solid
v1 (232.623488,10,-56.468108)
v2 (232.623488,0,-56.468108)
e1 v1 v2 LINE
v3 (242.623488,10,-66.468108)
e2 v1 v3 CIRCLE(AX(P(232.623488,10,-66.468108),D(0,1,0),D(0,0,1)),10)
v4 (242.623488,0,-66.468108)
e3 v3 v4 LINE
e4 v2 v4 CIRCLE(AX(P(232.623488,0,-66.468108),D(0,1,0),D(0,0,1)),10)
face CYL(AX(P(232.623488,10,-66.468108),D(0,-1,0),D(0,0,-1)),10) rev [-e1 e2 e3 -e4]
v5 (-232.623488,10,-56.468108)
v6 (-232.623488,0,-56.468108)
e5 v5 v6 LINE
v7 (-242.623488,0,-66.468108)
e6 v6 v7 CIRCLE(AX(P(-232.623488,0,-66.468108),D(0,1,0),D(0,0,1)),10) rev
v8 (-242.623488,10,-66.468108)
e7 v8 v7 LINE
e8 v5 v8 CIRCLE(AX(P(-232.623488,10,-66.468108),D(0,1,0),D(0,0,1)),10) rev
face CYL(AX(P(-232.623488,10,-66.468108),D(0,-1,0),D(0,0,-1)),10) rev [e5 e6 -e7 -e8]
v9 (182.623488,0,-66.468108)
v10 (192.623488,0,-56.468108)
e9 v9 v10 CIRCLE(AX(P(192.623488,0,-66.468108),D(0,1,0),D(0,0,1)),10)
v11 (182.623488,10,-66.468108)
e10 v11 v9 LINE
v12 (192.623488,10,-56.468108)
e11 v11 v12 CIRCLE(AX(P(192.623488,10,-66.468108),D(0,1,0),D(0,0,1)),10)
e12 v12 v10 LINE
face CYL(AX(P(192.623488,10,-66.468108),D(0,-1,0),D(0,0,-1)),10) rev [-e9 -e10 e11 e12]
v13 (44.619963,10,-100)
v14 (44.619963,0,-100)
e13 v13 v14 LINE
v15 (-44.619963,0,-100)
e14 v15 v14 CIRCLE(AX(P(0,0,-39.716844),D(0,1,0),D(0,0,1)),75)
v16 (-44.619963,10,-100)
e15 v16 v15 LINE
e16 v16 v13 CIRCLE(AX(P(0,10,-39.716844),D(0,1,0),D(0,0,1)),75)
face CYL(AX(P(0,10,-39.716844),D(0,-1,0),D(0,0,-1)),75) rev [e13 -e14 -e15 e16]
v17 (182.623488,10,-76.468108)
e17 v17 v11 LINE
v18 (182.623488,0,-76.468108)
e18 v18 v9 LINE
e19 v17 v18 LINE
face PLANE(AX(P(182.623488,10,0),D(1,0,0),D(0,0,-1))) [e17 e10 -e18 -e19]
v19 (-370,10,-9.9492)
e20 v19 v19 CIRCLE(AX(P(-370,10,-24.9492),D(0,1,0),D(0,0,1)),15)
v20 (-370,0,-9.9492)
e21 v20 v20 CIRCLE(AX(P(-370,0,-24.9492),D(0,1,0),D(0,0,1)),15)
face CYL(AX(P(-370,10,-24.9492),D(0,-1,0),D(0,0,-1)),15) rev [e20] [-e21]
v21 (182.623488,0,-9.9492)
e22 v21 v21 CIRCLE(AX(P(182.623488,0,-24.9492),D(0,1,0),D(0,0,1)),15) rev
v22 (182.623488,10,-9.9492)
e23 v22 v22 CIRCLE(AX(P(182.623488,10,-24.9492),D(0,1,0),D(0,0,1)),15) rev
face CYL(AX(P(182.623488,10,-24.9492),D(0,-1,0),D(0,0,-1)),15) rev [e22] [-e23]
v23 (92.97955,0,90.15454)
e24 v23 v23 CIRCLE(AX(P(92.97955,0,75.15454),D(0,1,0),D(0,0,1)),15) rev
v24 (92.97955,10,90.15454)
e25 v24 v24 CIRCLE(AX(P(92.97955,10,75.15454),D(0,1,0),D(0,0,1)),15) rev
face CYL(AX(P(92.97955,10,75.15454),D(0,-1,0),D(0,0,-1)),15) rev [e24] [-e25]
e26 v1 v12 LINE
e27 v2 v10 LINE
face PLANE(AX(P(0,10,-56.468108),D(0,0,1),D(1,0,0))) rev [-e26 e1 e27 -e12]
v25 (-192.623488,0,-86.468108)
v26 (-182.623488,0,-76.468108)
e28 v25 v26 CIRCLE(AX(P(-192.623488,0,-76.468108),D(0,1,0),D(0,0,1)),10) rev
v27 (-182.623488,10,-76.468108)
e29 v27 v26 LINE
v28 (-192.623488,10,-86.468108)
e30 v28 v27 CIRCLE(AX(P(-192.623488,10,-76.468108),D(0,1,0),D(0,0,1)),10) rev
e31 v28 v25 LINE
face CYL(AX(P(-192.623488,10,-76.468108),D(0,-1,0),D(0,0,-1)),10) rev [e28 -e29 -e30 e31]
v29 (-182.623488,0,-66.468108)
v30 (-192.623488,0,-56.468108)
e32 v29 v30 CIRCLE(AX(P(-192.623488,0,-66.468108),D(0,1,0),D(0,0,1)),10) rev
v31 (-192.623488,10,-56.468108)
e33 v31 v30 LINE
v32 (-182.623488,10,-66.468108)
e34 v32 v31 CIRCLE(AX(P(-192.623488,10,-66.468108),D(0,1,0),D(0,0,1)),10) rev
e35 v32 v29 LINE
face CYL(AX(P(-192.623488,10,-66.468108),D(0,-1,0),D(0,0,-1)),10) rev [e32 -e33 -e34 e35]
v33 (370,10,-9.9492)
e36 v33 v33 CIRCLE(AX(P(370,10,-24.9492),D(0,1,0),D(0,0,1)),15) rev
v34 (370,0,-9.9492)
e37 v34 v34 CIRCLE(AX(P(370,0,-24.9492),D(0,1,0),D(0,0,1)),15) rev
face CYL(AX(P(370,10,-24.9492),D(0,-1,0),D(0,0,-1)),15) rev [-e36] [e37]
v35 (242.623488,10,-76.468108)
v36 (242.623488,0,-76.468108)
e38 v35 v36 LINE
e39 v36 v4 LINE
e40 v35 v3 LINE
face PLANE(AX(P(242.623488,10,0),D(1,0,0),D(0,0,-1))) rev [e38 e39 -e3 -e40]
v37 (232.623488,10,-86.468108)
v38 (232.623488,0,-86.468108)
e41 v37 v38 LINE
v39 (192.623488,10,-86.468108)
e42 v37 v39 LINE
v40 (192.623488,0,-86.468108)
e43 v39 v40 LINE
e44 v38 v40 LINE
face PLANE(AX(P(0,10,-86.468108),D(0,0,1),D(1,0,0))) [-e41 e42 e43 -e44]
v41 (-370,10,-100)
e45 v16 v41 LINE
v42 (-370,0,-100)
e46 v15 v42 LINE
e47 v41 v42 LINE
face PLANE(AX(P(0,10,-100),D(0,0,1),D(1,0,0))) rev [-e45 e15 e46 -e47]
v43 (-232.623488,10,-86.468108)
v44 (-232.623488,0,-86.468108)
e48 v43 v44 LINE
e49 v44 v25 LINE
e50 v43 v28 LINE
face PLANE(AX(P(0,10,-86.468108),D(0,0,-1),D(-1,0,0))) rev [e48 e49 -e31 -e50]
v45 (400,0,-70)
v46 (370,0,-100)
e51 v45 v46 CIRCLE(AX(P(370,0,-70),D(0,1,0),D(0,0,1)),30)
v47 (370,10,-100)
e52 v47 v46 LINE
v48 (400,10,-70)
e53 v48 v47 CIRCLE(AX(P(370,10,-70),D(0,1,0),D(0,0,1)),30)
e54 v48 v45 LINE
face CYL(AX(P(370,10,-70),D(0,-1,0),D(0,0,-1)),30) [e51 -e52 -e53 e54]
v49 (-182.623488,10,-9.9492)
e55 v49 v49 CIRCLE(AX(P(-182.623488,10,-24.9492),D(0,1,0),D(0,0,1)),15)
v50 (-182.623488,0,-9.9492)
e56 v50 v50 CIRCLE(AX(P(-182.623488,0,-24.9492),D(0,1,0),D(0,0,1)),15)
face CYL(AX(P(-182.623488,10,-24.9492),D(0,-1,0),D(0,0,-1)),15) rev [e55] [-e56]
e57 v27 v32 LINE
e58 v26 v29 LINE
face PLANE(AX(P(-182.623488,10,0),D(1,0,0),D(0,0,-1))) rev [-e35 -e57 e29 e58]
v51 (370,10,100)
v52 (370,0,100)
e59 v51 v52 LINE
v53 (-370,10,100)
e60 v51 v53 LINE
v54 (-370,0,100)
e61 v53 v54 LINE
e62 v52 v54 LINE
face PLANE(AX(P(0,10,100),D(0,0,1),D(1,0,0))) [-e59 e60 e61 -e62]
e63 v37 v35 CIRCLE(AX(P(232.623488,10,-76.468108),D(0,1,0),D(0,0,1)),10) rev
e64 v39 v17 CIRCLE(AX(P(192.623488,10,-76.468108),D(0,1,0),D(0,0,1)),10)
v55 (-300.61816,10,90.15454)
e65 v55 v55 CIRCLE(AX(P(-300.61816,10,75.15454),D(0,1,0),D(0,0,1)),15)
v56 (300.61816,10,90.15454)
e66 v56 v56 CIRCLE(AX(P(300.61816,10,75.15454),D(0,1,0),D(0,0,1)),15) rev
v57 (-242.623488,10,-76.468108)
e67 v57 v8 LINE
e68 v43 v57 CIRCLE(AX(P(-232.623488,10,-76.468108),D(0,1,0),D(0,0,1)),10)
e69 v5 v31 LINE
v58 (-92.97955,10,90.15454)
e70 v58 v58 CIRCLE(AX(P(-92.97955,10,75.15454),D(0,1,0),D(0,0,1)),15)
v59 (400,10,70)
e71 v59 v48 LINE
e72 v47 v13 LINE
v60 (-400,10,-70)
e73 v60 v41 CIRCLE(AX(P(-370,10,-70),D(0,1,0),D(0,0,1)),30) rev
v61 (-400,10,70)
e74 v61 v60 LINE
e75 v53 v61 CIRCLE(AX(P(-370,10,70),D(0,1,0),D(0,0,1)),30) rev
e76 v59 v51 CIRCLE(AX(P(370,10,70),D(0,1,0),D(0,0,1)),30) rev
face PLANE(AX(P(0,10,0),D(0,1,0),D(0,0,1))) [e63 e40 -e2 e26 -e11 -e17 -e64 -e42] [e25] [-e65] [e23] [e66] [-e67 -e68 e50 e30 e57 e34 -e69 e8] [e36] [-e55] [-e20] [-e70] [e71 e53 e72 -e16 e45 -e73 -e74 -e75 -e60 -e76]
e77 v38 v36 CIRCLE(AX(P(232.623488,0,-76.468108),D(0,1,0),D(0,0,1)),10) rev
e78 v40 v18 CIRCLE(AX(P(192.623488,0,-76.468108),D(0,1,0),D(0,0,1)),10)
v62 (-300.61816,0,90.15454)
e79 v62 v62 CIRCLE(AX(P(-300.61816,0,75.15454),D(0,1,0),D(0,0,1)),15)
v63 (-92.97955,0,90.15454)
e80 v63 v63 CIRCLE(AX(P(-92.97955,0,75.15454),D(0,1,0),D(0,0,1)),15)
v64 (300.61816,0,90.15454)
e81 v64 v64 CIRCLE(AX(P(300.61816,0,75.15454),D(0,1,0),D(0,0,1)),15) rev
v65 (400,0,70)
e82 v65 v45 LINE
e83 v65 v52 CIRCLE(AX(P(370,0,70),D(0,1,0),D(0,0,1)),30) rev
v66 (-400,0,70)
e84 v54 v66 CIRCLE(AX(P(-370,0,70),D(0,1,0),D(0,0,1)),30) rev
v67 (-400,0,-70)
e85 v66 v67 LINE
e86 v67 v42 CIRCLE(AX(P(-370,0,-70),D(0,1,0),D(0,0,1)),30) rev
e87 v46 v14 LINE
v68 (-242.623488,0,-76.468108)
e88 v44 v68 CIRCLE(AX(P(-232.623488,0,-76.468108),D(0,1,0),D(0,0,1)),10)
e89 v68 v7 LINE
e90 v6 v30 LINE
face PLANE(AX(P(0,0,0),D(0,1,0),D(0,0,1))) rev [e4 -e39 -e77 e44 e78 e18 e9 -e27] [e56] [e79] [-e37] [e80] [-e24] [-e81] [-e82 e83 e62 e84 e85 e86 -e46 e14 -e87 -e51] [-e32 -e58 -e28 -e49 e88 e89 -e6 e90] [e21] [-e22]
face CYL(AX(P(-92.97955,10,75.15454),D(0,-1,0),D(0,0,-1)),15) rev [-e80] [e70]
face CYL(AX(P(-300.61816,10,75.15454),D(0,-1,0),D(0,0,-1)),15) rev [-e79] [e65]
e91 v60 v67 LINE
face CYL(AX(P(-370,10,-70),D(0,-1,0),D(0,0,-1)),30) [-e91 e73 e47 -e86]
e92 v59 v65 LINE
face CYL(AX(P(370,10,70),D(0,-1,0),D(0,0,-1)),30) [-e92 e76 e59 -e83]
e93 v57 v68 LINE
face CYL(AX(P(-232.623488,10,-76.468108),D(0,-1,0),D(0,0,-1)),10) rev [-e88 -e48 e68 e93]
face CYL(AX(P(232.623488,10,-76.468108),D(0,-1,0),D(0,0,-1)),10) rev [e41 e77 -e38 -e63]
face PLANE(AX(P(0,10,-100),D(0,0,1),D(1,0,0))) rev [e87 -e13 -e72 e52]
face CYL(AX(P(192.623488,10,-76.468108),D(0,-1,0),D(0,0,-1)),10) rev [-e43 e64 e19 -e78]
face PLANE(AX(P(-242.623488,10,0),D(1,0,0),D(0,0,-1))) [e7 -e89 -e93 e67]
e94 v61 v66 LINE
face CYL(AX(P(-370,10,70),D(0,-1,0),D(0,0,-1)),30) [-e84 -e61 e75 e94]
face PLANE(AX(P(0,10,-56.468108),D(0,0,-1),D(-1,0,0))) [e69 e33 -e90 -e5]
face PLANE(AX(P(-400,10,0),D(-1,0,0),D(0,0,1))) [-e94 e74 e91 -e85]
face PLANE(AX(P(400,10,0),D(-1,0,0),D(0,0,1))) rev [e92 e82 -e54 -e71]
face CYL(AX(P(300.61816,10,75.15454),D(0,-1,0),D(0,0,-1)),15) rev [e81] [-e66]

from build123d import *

# Parameters (mm, degrees)
SKETCH1_R           = 15
BOSS_EXTRUDE1_DEPTH = 10


with BuildPart() as part:
    # Sketch1 → Boss-Extrude1 (new body)
    with BuildSketch(Plane(origin=(0, 0, 0), x_dir=(1, 0, 0), z_dir=(0, 1, 0))):
        with BuildLine():
            Line((-370, -100), (370, -100))
            ThreePointArc((370, -100), (391.213203436, -91.213203436), (400, -70))
            Line((400, -70), (400, 70))
            ThreePointArc((400, 70), (391.213203436, 91.213203436), (370, 100))
            Line((370, 100), (44.619962618, 100))
            ThreePointArc((44.619962618, 100), (66.975731412, 73.469642109), (75, 39.716843679))
            ThreePointArc((75, 39.716843679), (-33.75279843, -27.258887733), (-44.619962618, 100))
            Line((-44.619962618, 100), (-370, 100))
            ThreePointArc((-370, 100), (-391.213203436, 91.213203436), (-400, 70))
            Line((-400, 70), (-400, -70))
            ThreePointArc((-400, -70), (-391.213203436, -91.213203436), (-370, -100))
        make_face()
        with Locations(Location((-300.6181604, -75.1545401, 0), (0, 0, 270))):
            Circle(SKETCH1_R, mode=Mode.SUBTRACT)
        with Locations(Location((-92.979550381, -75.1545401, 0), (0, 0, 270))):
            Circle(SKETCH1_R, mode=Mode.SUBTRACT)
        with Locations(Location((92.979550381, -75.1545401, 0), (0, 0, 270))):
            Circle(SKETCH1_R, mode=Mode.SUBTRACT)
        with Locations(Location((300.6181604, -75.1545401, 0), (0, 0, 270))):
            Circle(SKETCH1_R, mode=Mode.SUBTRACT)
        with Locations(Location((-370, 24.949199623, 0), (0, 0, 270))):
            Circle(SKETCH1_R, mode=Mode.SUBTRACT)
        with Locations(Location((-182.623487934, 24.949199623, 0), (0, 0, 270))):
            Circle(SKETCH1_R, mode=Mode.SUBTRACT)
        with BuildLine():
            ThreePointArc((-242.623487934, 76.468107678), (-239.694555745, 83.53917549), (-232.623487934, 86.468107678))
            Line((-232.623487934, 86.468107678), (-192.623487934, 86.468107678))
            ThreePointArc((-192.623487934, 86.468107678), (-185.552420122, 83.53917549), (-182.623487934, 76.468107678))
            Line((-182.623487934, 76.468107678), (-182.623487934, 66.468107678))
            ThreePointArc((-182.623487934, 66.468107678), (-185.552420122, 59.397039866), (-192.623487934, 56.468107678))
            Line((-192.623487934, 56.468107678), (-232.623487934, 56.468107678))
            ThreePointArc((-232.623487934, 56.468107678), (-239.694555745, 59.397039866), (-242.623487934, 66.468107678))
            Line((-242.623487934, 66.468107678), (-242.623487934, 76.468107678))
        make_face(mode=Mode.SUBTRACT)
        with Locations(Location((182.623487934, 24.949199623, 0), (0, 0, 270))):
            Circle(SKETCH1_R, mode=Mode.SUBTRACT)
        with Locations(Location((370, 24.949199623, 0), (0, 0, 270))):
            Circle(SKETCH1_R, mode=Mode.SUBTRACT)
        with BuildLine():
            ThreePointArc((242.623487934, 66.468107678), (239.694555745, 59.397039866), (232.623487934, 56.468107678))
            Line((232.623487934, 56.468107678), (192.623487934, 56.468107678))
            ThreePointArc((192.623487934, 56.468107678), (185.552420122, 59.397039866), (182.623487934, 66.468107678))
            Line((182.623487934, 66.468107678), (182.623487934, 76.468107678))
            ThreePointArc((182.623487934, 76.468107678), (185.552420122, 83.53917549), (192.623487934, 86.468107678))
            Line((192.623487934, 86.468107678), (232.623487934, 86.468107678))
            ThreePointArc((232.623487934, 86.468107678), (239.694555745, 83.53917549), (242.623487934, 76.468107678))
            Line((242.623487934, 76.468107678), (242.623487934, 66.468107678))
        make_face(mode=Mode.SUBTRACT)
    extrude(amount=BOSS_EXTRUDE1_DEPTH)


solid = part.part
